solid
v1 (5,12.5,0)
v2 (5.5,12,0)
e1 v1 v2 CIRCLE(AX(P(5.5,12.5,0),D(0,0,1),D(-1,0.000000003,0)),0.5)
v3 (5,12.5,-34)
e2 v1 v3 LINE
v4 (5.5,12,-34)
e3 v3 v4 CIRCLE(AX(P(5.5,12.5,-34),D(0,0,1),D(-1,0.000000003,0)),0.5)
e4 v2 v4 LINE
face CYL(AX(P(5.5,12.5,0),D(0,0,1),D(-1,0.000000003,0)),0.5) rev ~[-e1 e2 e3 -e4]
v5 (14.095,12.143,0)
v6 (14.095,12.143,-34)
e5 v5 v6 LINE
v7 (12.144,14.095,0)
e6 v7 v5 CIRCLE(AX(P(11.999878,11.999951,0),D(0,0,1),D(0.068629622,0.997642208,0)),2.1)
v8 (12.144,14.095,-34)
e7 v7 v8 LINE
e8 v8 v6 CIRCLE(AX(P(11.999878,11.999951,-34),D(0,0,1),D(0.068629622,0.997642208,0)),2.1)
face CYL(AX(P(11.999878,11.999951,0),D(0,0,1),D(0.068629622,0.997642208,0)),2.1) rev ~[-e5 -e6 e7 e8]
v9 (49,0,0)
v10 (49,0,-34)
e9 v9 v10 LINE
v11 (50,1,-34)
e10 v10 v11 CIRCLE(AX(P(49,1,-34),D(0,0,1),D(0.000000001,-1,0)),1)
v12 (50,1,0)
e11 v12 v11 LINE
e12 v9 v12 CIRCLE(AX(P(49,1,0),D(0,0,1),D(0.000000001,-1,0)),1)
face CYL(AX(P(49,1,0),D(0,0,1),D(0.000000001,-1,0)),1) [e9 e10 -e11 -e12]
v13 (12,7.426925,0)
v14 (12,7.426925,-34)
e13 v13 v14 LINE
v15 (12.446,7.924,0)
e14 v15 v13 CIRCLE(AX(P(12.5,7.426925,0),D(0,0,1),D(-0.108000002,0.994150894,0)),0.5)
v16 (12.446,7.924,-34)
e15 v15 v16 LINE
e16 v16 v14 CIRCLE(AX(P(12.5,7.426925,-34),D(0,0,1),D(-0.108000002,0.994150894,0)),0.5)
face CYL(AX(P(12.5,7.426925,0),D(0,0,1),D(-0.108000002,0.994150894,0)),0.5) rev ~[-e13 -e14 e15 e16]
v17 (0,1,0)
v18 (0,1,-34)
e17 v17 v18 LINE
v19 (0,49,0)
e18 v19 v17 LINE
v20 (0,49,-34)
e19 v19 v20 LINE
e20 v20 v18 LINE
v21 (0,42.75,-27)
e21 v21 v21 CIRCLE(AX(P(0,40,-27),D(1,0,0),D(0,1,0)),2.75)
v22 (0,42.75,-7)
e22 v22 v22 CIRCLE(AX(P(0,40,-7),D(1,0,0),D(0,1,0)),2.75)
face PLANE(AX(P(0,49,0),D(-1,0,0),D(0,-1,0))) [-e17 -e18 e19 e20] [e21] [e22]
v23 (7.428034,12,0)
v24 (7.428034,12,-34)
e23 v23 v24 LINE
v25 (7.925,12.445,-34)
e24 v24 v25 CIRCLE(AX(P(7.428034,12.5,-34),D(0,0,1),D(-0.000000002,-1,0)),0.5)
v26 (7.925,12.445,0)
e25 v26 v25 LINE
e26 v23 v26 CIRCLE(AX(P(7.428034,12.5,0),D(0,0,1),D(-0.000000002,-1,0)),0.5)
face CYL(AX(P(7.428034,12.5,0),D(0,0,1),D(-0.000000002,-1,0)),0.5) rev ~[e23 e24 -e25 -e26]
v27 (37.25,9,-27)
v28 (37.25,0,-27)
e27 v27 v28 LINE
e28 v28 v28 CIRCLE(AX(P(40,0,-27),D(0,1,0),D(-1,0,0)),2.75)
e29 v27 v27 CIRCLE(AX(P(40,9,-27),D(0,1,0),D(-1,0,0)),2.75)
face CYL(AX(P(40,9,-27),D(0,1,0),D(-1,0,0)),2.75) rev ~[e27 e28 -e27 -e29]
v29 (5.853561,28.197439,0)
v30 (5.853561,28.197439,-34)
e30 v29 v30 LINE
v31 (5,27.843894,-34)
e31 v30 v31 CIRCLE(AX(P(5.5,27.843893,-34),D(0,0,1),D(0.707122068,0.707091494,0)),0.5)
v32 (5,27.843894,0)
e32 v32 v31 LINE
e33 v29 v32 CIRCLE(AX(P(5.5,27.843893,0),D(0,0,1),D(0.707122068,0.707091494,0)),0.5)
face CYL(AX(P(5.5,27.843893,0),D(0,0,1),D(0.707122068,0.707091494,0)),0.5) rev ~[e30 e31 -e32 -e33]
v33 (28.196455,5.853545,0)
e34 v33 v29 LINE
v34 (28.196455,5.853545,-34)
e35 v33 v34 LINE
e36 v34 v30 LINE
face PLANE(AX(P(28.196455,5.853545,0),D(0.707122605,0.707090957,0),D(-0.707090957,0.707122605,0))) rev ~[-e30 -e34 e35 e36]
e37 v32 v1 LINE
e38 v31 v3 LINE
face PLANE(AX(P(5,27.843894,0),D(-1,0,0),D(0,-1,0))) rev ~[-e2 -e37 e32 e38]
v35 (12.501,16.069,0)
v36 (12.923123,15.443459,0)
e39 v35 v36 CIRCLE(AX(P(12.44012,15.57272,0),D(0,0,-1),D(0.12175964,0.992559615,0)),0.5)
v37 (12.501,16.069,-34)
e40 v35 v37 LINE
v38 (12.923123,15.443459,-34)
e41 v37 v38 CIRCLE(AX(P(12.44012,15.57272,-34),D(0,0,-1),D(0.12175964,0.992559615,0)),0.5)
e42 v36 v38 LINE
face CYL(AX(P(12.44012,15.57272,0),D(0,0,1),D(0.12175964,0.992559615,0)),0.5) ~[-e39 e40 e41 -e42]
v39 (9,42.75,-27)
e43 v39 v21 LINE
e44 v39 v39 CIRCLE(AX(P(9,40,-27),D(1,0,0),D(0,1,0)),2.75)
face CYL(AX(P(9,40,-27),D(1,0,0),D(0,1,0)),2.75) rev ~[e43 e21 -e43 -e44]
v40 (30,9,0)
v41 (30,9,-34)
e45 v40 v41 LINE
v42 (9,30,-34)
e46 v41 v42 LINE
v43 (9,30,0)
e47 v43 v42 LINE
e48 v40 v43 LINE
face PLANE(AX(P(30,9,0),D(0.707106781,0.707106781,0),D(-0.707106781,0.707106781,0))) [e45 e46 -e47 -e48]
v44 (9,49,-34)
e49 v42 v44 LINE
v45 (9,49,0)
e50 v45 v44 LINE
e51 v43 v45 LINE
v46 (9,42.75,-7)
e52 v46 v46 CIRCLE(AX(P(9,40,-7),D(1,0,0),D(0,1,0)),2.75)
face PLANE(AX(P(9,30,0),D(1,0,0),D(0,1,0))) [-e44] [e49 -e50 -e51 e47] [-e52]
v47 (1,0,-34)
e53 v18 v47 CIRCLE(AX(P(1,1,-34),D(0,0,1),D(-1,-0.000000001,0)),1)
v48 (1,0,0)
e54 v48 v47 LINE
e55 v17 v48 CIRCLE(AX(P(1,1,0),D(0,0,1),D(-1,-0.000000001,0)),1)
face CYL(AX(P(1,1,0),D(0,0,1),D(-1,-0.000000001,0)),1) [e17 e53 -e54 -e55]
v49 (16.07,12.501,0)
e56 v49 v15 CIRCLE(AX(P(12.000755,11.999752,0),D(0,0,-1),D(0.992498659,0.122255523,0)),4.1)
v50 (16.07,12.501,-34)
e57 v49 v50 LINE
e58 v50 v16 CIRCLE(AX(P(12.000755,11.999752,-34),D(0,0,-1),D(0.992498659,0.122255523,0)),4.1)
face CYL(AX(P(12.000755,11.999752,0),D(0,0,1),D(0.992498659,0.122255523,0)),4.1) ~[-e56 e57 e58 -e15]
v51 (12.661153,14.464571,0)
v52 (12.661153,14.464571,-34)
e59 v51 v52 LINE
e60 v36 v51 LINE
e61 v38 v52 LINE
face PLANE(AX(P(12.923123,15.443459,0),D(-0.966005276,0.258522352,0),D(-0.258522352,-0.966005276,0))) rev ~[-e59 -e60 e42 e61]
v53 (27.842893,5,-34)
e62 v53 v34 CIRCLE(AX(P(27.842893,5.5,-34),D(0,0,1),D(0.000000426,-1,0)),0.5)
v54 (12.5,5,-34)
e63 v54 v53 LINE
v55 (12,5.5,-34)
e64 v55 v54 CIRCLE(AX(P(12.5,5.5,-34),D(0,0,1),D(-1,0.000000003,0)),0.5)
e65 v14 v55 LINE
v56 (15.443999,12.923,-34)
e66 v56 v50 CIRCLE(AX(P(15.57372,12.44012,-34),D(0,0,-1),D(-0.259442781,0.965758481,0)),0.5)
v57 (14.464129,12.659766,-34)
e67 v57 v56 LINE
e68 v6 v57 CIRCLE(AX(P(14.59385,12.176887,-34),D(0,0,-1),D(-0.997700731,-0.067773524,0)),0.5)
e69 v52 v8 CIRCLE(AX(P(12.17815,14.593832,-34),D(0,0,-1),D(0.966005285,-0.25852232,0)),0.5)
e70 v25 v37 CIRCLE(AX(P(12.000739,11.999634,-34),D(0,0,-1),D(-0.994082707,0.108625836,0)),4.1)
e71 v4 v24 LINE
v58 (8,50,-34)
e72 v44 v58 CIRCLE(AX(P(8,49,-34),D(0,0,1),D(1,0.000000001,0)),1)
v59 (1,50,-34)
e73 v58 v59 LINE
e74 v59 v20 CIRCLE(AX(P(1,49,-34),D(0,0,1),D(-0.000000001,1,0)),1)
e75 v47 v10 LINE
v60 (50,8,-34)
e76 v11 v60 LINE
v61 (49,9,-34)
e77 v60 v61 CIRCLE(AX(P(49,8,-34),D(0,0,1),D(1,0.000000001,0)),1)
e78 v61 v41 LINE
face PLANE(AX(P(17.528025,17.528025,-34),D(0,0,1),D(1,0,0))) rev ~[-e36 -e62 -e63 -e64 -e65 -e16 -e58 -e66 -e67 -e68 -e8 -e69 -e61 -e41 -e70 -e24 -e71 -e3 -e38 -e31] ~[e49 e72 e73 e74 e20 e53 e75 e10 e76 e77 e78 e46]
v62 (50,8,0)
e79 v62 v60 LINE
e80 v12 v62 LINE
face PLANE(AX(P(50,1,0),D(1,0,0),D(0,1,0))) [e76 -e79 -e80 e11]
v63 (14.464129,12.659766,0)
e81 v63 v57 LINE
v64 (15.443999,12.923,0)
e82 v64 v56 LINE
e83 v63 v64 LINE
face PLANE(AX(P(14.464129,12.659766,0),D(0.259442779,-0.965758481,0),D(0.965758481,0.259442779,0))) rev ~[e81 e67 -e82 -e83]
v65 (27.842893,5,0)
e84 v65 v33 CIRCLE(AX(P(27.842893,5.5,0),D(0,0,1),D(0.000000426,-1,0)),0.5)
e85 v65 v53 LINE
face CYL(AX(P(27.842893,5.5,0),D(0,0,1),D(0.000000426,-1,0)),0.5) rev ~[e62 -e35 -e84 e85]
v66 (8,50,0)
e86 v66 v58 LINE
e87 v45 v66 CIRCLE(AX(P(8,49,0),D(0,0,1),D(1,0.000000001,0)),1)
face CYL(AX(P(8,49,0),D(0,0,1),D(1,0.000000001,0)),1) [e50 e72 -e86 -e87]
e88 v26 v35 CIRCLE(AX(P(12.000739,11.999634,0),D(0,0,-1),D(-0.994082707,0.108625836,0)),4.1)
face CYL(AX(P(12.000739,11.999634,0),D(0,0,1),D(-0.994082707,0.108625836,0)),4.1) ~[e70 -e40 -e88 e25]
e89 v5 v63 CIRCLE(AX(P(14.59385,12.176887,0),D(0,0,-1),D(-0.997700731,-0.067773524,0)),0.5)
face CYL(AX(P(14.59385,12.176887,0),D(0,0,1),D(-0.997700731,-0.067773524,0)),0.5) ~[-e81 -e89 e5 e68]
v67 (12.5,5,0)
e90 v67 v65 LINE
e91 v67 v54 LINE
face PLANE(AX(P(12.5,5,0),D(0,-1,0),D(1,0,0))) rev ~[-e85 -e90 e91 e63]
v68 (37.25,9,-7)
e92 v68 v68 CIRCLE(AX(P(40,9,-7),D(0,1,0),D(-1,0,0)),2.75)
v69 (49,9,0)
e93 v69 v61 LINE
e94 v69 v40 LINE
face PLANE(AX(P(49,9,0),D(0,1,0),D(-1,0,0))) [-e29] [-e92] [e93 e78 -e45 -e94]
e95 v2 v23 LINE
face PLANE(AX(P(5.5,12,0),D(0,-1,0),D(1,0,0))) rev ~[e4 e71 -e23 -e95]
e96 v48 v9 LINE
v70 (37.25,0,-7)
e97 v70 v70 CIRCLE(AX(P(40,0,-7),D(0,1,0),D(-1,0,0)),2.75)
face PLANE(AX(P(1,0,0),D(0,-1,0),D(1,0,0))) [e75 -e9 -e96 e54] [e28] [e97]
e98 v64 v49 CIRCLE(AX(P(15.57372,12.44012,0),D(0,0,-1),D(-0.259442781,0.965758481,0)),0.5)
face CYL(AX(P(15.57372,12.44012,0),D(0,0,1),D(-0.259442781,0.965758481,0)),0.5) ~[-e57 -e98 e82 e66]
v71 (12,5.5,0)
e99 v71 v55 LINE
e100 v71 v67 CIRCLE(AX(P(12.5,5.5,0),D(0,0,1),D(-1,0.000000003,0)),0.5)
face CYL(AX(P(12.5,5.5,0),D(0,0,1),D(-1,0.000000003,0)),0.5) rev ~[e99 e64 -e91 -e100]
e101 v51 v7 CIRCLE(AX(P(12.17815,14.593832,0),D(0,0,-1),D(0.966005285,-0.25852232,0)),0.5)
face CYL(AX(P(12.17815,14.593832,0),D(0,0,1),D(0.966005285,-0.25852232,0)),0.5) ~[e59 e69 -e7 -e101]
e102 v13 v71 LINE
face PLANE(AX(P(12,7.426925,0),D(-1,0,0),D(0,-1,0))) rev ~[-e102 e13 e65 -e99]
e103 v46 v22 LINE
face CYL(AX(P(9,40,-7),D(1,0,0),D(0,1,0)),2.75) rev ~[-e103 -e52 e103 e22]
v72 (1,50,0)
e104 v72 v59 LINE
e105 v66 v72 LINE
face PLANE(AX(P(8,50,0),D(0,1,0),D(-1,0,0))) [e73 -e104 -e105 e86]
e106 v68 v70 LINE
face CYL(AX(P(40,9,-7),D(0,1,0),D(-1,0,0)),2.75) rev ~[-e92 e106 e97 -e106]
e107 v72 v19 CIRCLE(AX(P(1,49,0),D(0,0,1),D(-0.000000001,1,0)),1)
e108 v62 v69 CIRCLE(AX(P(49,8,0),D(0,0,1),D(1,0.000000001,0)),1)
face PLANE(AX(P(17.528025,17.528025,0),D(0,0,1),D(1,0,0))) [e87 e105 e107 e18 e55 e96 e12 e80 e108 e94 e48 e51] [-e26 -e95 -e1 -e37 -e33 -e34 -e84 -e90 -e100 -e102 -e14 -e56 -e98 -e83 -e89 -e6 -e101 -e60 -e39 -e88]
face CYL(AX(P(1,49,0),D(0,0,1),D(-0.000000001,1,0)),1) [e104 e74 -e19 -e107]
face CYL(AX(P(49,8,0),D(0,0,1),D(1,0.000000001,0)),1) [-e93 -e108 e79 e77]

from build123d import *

# Parameters (mm, degrees)
EXTRUDE_11_DEPTH     = 34
SKETCH_32_R          = 2.75
CUT_EXTRUDE_21_DEPTH = 74.054773971
SKETCH_33_R          = 2.75
CUT_EXTRUDE_22_DEPTH = 74.054773971


with BuildPart() as part:
    # 草图31 → 凸台-拉伸11 (new body)
    with BuildSketch(Plane.XY):
        with BuildLine():
            Line((9, 30), (9, 49))
            ThreePointArc((9, 49), (8.707106781, 49.707106781), (8, 50))
            Line((8, 50), (1, 50))
            ThreePointArc((1, 50), (0.292893219, 49.707106781), (0, 49))
            Line((0, 49), (0, 1))
            ThreePointArc((0, 1), (0.292893219, 0.292893219), (1, 0))
            Line((1, 0), (49, 0))
            ThreePointArc((49, 0), (49.707106781, 0.292893219), (50, 1))
            Line((50, 1), (50, 8))
            ThreePointArc((50, 8), (49.707106781, 8.707106781), (49, 9))
            Line((49, 9), (30, 9))
            Line((30, 9), (9, 30))
        make_face()
        with BuildLine():
            Line((5.5, 12), (7.428034206, 12))
            ThreePointArc((7.428034206, 12), (7.761575809, 12.12750839), (7.925, 12.445000002))
            ThreePointArc((7.925, 12.445000002), (9.455281372, 15.213766146), (12.501000023, 16.068999997))
            ThreePointArc((12.501000023, 16.068999997), (12.854580588, 15.852403205), (12.923122843, 15.443459021))
            Line((12.923122843, 15.443459021), (12.661152875, 14.464571239))
            ThreePointArc((12.661152875, 14.464571239), (12.468861163, 14.187031274), (12.143999993, 14.095))
            ThreePointArc((12.143999993, 14.095), (10.514573143, 10.515407625), (14.095, 12.143000006))
            ThreePointArc((14.095, 12.143000006), (14.186987516, 12.467511304), (14.464129015, 12.659766017))
            Line((14.464129015, 12.659766017), (15.443998772, 12.92299967))
            ThreePointArc((15.443998772, 12.92299967), (15.853205766, 12.854713962), (16.069999999, 12.501000008))
            ThreePointArc((16.069999999, 12.501000008), (15.215158243, 9.454636454), (12.446, 7.924))
            ThreePointArc((12.446, 7.924), (12.127844119, 7.76084071), (12, 7.426924553))
            Line((12, 7.426924553), (12, 5.5))
            ThreePointArc((12, 5.5), (12.146446609, 5.146446609), (12.5, 5))
            Line((12.5, 5), (27.842893456, 5))
            ThreePointArc((27.842893456, 5), (28.30483088, 5.308653143), (28.196454654, 5.853545371))
            Line((28.196454654, 5.853545371), (5.853561034, 28.197438986))
            ThreePointArc((5.853561034, 28.197438986), (5.308663433, 28.305835138), (5, 27.843893575))
            Line((5, 27.843893575), (5, 12.5))
            ThreePointArc((5, 12.5), (5.146446609, 12.146446609), (5.5, 12))
        make_face(mode=Mode.SUBTRACT)
    extrude(amount=-EXTRUDE_11_DEPTH)

    # 草图32 → 切除-拉伸21 (cut, through all)
    with BuildSketch(Plane(origin=(0, 9, 0), x_dir=(1, 0, 0), z_dir=(0, 1, 0))):
        with Locations((40, 27)):
            Circle(SKETCH_32_R)
        with Locations((40, 7)):
            Circle(SKETCH_32_R)
    extrude(amount=-CUT_EXTRUDE_21_DEPTH, mode=Mode.SUBTRACT)

    # 草图33 → 切除-拉伸22 (cut, through all)
    with BuildSketch(Plane(origin=(9, 0, 0), x_dir=(0, 0, -1), z_dir=(1, 0, 0))):
        with Locations((7, 40)):
            Circle(SKETCH_33_R)
        with Locations((27, 40)):
            Circle(SKETCH_33_R)
    extrude(amount=-CUT_EXTRUDE_22_DEPTH, mode=Mode.SUBTRACT)


solid = part.part
